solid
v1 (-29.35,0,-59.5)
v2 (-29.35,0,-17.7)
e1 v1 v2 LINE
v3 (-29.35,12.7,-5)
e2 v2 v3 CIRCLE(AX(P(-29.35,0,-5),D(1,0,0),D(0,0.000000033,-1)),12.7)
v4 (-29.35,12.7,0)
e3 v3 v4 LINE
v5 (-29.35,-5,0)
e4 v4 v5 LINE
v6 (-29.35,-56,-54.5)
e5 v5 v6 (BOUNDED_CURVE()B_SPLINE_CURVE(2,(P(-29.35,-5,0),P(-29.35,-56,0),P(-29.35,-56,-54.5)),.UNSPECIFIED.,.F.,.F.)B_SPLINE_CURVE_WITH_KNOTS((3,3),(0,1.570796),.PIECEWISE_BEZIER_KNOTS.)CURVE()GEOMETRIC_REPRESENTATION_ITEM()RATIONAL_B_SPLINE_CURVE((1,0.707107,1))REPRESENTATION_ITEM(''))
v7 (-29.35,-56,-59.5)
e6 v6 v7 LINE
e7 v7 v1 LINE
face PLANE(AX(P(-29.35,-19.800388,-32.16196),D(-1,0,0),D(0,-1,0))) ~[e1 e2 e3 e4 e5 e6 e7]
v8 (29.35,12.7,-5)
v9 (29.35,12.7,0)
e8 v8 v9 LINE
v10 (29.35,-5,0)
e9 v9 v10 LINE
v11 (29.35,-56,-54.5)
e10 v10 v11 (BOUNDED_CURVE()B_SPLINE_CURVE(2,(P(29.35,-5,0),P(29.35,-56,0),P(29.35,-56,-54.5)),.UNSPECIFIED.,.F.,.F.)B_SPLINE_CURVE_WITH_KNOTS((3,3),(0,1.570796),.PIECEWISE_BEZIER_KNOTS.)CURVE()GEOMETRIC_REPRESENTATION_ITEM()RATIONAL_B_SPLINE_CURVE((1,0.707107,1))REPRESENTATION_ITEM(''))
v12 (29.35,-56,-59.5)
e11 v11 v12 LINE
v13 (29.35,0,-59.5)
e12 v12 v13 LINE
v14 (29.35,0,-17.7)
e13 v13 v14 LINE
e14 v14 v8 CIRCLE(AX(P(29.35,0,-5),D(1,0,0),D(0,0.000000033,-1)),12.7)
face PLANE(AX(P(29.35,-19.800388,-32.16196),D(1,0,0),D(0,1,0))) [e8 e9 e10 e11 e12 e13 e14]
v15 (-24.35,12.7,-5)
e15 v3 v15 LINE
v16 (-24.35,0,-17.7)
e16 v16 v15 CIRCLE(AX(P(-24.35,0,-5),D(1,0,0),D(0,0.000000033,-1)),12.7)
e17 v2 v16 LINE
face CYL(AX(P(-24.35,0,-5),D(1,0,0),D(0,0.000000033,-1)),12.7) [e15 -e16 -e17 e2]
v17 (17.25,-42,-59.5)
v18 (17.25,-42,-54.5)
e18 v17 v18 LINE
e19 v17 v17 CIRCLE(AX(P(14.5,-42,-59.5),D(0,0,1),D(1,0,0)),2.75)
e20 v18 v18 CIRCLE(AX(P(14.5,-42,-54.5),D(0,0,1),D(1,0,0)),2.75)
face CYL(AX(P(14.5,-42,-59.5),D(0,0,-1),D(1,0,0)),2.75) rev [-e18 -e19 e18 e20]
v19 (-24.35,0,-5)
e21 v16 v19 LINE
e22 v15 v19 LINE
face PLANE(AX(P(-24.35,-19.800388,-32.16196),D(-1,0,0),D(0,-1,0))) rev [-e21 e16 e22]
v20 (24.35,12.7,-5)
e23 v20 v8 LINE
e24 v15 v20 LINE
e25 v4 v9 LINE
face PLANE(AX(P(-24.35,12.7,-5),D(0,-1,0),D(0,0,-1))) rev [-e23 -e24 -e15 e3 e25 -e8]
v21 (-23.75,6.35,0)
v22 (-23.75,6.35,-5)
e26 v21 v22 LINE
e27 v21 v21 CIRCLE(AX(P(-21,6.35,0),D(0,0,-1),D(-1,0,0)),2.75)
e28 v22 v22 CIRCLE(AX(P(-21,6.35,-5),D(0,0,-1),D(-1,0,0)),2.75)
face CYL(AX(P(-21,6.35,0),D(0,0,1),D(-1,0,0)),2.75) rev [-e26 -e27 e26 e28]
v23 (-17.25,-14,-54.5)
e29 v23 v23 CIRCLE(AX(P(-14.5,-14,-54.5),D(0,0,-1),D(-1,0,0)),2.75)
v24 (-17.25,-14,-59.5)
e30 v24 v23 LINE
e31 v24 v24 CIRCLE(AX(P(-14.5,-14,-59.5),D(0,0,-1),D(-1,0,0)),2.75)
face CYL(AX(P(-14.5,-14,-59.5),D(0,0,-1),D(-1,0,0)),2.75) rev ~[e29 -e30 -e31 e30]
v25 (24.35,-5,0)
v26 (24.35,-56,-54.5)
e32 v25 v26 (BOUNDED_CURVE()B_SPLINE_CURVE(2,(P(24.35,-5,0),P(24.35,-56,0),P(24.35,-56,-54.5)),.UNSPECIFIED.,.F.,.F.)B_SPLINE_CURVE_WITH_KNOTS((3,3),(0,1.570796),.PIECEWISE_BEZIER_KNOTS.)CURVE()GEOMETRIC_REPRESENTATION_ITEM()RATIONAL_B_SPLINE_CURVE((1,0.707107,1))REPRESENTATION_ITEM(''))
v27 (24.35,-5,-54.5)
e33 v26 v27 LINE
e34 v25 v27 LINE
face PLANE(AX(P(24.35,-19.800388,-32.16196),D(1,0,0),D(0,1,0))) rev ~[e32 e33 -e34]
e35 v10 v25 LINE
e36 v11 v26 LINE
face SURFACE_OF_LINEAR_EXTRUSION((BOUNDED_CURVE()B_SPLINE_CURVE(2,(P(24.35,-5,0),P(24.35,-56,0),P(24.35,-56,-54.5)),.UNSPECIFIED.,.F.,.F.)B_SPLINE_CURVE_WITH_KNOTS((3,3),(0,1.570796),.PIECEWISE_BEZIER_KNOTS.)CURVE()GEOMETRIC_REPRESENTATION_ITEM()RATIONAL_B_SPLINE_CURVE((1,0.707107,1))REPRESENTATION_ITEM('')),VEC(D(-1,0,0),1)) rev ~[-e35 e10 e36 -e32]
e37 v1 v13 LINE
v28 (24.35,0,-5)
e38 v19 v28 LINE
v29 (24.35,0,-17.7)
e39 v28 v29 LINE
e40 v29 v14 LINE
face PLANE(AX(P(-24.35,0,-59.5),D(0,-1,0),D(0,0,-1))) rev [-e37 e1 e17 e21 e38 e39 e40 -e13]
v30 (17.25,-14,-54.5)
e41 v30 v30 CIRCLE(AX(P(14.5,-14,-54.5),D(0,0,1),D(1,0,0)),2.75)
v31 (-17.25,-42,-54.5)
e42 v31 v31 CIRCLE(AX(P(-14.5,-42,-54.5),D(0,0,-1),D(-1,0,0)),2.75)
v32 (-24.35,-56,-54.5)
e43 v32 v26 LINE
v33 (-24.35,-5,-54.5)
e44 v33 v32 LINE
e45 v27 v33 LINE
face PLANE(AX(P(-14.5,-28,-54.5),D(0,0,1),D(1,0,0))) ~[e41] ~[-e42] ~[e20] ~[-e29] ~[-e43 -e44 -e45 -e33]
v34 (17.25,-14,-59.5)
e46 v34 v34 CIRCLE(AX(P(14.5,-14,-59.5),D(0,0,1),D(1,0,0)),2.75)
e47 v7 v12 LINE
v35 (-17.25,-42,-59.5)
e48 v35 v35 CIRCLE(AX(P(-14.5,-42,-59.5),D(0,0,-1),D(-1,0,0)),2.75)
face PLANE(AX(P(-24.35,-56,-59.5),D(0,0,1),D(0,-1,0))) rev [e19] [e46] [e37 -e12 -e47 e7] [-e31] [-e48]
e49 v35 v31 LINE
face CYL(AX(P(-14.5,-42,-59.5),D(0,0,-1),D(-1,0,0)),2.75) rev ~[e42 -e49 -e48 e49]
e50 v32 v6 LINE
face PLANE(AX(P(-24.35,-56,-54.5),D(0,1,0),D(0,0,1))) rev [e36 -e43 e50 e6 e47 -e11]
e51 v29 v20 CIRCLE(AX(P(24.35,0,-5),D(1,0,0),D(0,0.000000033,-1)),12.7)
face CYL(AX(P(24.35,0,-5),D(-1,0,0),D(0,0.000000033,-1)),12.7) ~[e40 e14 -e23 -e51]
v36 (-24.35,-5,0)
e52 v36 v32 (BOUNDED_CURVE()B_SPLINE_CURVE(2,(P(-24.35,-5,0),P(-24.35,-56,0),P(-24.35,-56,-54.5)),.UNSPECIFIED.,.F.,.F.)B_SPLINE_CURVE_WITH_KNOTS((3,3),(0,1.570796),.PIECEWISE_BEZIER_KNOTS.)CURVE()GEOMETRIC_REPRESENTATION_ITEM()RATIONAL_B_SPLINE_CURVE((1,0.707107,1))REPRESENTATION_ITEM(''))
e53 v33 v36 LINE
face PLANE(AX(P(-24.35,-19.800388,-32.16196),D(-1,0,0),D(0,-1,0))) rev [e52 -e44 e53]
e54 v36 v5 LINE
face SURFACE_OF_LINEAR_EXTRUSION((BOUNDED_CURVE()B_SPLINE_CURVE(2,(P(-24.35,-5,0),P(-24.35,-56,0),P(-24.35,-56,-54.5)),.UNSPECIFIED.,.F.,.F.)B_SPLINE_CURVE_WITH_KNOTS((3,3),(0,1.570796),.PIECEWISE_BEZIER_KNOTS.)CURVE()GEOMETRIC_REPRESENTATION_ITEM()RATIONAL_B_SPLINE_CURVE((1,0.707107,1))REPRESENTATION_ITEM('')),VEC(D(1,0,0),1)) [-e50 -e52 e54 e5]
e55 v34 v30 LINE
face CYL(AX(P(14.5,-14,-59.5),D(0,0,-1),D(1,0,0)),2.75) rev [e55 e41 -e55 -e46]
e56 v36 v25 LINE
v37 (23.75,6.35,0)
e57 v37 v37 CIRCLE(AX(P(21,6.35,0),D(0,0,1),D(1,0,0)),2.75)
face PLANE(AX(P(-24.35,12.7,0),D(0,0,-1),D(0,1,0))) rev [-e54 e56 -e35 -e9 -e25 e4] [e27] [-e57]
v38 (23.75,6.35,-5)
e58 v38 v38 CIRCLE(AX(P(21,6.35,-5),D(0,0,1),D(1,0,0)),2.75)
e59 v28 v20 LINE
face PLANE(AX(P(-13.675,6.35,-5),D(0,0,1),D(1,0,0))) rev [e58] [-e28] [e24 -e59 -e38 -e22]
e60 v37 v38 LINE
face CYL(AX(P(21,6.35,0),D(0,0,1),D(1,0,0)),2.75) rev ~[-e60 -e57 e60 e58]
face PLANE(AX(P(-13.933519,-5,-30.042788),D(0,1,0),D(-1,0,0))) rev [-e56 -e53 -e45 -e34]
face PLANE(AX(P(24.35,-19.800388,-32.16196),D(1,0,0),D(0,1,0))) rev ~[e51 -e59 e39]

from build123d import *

# Parameters (mm, degrees)
SKETCH013_W  = 27.35
SKETCH013_H  = 12.7
SKETCH013_R  = 2.75
PAD012_DEPTH = 5
PAD013_DEPTH = 5
SKETCH014_W  = 29
SKETCH014_H  = 56
SKETCH014_R  = 2.75
PAD014_DEPTH = 5
PAD015_DEPTH = 5


with BuildPart() as part:
    # Sketch013 → Pad012 (new body)
    with BuildSketch(Plane.XY):
        with Locations((13.675, 6.35)):
            Rectangle(SKETCH013_W, SKETCH013_H)
        with Locations((21, 6.35)):
            Circle(SKETCH013_R, mode=Mode.SUBTRACT)
    pad012 = extrude(amount=-PAD012_DEPTH)

    # Sketch015 → Pad013 (join)
    with BuildSketch(Plane.XZ):
        with BuildLine():
            Line((27.35, 0), (27.35, -40.764007))
            ThreePointArc((27.35, -40.764007), (27.556989, -44.222692), (28.175, -47.632004))
            ThreePointArc((29, -54.5), (28.793011, -51.041315), (28.175, -47.632004))
            Line((29, -59.5), (29, -54.5))
            Line((0, -59.5), (29, -59.5))
            Line((0, 0), (0, -59.5))
            Line((27.35, 0), (0, 0))
        make_face()
    pad013 = extrude(amount=PAD013_DEPTH)

    # Sketch014 → Pad014 (join)
    with BuildSketch(Plane(origin=(0, -56, -59.5), x_dir=(1, 0, 0), z_dir=(0, 0, 1))):
        with Locations((14.5, 28)):
            Rectangle(SKETCH014_W, SKETCH014_H)
        with Locations((14.5, 14)):
            Circle(SKETCH014_R, mode=Mode.SUBTRACT)
        with Locations((14.5, 42)):
            Circle(SKETCH014_R, mode=Mode.SUBTRACT)
    pad014 = extrude(amount=PAD014_DEPTH)

    # Sketch016 → Pad015 (join)
    with BuildSketch(Plane.YZ.offset(24.35)):
        with BuildLine():
            Line((-56, -54.5), (-56, -59.5))
            Line((-56, -59.5), (0, -59.5))
            Line((0, -59.5), (0, -17.7))
            ThreePointArc((0, -17.7), (8.980256, -13.980256), (12.7, -5))
            Line((12.7, -5), (12.7, 0))
            Line((12.7, 0), (0, 0))
            Line((0, 0), (-5, 0))
            add(Edge.make_bspline(
                [(-5, 0), (-56, 0), (-56, -54.5)],
                knots=[0, 0, 0, 1.570796, 1.570796, 1.570796], degree=2, weights=[1, 0.707107, 1]))
        make_face()
    pad015 = extrude(amount=PAD015_DEPTH)

    # Mirrored013: Pad012, Pad013, Pad014, Pad015 across Sketch013 V_Axis
    add(pad012.mirror(Plane(origin=(0, 0, 0), x_dir=(0, 0, 1), z_dir=(1, 0, 0))))
    add(pad013.mirror(Plane(origin=(0, 0, 0), x_dir=(0, 0, 1), z_dir=(1, 0, 0))))
    add(pad014.mirror(Plane(origin=(0, 0, 0), x_dir=(0, 0, 1), z_dir=(1, 0, 0))))
    add(pad015.mirror(Plane(origin=(0, 0, 0), x_dir=(0, 0, 1), z_dir=(1, 0, 0))))


solid = part.part
